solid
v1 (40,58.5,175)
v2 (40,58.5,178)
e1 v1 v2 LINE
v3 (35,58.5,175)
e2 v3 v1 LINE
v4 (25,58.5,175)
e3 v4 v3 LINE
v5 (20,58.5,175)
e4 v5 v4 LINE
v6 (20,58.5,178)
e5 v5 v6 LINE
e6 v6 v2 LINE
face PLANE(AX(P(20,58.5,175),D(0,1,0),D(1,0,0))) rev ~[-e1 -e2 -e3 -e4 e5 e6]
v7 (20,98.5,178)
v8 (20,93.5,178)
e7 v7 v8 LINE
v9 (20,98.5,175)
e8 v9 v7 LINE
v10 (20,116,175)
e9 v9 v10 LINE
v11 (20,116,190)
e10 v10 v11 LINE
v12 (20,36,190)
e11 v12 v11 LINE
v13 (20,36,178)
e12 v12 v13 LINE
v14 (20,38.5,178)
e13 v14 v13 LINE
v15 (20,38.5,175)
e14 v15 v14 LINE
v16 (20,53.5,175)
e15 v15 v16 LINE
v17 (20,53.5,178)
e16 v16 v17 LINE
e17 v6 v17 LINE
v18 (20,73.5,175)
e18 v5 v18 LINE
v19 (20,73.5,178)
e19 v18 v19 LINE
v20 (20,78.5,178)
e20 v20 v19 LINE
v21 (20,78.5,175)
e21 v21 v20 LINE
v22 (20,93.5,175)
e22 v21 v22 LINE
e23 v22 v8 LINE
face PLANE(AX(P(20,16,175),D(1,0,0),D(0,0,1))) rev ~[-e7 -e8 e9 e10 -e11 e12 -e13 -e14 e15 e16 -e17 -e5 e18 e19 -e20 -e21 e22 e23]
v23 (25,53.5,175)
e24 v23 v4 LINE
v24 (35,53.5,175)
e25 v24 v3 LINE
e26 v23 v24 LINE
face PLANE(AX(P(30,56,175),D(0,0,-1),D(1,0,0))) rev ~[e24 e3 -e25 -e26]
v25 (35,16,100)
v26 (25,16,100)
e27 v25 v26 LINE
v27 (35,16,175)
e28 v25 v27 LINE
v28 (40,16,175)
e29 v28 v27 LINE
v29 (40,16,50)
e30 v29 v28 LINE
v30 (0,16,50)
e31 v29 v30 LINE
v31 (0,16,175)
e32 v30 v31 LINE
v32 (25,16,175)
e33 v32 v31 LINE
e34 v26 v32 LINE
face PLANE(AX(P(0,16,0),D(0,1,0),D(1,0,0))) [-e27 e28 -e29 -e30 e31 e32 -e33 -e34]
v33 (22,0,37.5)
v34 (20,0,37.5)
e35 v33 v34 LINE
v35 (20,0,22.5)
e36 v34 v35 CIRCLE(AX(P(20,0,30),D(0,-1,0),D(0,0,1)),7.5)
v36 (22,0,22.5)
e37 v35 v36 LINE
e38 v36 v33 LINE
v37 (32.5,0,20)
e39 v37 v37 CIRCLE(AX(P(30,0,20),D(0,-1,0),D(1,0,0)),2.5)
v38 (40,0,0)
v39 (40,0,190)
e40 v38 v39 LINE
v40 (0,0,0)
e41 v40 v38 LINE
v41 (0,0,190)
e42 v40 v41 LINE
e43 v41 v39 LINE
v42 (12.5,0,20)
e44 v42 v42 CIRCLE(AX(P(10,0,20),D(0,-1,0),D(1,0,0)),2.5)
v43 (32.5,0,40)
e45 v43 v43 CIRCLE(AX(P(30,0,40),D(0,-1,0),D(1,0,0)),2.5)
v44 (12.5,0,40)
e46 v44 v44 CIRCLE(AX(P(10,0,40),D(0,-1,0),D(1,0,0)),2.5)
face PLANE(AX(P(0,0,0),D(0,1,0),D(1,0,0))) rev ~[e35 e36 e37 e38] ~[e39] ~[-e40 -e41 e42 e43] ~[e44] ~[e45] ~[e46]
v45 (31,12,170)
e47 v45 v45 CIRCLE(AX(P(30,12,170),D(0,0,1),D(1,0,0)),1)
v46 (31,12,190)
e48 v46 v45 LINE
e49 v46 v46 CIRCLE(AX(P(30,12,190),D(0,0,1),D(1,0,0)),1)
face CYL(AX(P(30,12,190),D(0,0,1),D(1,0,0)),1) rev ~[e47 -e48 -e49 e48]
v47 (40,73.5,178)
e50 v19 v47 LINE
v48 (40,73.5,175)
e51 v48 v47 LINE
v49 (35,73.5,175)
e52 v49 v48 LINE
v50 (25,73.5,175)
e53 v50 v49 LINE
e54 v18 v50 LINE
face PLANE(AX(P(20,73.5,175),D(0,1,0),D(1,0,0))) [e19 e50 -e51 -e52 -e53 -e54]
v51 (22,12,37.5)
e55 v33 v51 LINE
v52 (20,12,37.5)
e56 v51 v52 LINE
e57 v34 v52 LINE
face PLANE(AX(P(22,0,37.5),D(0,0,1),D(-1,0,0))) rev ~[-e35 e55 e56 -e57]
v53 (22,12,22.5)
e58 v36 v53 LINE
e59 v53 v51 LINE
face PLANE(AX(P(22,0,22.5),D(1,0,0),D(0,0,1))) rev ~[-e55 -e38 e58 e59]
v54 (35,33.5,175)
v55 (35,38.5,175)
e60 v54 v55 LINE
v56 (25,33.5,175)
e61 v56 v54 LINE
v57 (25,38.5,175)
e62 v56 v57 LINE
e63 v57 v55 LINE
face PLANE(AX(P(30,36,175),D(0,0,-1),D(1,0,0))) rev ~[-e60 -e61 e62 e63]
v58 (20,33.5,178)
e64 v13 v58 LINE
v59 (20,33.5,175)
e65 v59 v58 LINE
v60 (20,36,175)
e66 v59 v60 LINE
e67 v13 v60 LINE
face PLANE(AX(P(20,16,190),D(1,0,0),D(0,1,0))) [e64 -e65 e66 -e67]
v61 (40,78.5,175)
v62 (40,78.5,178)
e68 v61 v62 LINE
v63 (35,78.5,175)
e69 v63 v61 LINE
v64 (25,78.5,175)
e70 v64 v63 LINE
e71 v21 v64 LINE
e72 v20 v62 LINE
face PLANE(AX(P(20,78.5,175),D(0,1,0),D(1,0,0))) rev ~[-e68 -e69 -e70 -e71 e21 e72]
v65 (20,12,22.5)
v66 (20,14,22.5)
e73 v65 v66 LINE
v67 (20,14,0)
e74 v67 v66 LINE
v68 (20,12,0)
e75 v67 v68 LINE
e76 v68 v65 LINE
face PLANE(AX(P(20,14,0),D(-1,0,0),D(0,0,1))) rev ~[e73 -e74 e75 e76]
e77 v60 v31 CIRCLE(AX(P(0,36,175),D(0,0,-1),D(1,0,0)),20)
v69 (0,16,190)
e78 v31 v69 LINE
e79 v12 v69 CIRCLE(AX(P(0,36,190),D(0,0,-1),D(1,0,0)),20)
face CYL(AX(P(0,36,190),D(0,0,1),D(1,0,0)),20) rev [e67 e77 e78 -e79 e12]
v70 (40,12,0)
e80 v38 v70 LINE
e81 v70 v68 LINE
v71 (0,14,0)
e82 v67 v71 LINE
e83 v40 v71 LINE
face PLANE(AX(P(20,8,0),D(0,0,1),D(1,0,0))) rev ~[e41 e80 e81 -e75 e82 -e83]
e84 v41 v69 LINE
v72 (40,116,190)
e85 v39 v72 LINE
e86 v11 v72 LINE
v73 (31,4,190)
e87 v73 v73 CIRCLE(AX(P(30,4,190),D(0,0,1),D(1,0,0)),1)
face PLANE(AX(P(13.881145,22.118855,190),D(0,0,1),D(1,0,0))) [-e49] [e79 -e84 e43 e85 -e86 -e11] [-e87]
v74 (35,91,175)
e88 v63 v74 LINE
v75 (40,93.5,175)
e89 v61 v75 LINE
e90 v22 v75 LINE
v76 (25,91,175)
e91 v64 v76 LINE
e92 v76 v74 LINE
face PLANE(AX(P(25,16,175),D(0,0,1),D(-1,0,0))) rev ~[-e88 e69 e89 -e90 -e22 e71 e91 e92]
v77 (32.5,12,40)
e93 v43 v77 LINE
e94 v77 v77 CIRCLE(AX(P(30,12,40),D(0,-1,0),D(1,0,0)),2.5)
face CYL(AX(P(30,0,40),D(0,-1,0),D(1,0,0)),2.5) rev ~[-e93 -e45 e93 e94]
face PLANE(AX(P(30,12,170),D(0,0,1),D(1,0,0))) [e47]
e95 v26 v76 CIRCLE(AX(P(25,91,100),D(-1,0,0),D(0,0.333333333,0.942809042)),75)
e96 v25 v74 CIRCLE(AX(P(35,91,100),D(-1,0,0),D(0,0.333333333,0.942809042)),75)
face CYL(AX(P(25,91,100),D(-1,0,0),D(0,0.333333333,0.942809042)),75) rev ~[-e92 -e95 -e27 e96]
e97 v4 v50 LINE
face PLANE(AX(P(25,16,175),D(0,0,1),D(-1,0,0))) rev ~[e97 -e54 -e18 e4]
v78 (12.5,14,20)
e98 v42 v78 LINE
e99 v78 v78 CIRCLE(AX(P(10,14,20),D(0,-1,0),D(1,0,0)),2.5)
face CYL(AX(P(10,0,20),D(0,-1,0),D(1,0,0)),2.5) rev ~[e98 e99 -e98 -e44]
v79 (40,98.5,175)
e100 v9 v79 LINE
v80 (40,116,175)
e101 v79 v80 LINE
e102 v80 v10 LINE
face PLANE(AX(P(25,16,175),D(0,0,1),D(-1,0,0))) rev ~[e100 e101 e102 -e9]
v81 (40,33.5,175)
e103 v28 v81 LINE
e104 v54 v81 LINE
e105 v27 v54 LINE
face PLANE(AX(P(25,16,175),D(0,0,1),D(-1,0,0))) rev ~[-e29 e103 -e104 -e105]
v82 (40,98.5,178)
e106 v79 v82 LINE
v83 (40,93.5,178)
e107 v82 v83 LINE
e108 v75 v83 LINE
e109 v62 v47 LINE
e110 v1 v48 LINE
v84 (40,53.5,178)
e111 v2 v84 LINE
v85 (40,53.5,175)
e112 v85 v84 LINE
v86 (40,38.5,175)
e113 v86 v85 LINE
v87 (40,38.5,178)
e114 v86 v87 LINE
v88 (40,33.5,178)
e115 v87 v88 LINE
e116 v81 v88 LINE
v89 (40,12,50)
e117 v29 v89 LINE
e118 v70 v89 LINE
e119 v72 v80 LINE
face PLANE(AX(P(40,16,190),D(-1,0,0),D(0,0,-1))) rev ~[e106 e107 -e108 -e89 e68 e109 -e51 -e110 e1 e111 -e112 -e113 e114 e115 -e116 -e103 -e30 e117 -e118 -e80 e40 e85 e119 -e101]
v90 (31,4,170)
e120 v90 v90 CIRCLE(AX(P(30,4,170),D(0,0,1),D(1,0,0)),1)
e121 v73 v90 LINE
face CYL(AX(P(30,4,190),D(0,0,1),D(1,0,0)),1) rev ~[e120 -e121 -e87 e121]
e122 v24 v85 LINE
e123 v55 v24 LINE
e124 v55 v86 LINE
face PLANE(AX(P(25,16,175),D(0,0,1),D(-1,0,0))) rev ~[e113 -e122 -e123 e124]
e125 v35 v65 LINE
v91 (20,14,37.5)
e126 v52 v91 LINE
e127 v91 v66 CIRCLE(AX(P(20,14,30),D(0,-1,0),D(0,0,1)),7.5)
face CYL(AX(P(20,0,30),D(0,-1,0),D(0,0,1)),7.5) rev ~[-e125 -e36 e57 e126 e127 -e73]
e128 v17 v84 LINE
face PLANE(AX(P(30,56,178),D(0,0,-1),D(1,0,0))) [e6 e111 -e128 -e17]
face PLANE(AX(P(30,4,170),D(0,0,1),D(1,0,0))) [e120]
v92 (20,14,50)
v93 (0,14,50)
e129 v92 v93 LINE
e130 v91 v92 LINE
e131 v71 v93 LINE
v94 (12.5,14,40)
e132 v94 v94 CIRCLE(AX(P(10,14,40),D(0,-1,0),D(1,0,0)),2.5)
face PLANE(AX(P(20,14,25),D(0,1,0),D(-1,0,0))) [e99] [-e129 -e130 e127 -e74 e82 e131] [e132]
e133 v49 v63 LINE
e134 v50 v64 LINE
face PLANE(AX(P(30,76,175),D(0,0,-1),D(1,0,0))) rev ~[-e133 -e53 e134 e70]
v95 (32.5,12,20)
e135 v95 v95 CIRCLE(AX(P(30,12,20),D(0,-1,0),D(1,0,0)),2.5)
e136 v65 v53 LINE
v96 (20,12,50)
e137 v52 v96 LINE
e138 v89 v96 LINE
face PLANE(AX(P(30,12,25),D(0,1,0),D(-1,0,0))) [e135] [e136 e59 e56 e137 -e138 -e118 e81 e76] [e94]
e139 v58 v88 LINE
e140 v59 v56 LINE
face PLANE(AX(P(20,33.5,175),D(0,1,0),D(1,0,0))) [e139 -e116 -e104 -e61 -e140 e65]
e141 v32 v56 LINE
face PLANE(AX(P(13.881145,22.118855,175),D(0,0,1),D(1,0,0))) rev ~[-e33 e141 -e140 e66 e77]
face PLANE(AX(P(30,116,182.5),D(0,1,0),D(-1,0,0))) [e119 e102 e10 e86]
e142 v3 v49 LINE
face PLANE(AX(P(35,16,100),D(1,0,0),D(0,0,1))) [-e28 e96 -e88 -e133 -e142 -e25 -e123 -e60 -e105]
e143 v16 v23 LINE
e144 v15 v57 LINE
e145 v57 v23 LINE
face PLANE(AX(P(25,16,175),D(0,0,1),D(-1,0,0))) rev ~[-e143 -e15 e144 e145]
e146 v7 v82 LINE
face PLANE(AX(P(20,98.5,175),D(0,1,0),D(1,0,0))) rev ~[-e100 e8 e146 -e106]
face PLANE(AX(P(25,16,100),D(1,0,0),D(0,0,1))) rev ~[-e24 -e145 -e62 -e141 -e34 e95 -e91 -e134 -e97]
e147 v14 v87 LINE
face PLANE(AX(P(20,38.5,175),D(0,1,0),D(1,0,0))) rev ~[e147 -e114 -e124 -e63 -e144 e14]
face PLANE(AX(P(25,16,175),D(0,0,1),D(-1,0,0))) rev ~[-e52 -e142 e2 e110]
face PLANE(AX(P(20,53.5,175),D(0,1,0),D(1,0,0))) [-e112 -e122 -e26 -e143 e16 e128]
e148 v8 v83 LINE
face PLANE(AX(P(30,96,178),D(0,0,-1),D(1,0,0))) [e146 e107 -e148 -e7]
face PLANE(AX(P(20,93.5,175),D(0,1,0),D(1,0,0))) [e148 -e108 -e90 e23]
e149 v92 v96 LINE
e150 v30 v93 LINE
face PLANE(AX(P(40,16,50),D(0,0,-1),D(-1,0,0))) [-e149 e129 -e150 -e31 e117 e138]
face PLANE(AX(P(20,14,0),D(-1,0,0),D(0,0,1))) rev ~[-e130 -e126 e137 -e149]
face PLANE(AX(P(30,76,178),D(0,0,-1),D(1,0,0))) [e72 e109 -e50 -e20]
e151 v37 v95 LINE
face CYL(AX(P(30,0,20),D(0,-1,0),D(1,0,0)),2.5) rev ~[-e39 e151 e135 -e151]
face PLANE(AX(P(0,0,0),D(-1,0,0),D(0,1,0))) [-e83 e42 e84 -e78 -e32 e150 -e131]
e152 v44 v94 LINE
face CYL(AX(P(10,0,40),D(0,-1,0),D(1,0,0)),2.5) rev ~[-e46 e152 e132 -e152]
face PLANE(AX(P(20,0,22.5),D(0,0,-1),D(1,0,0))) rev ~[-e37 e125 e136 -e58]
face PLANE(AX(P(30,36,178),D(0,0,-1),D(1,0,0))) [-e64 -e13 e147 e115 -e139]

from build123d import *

# Parameters (mm, degrees)
F0_W      = 40
F0_H      = 16
F1_DEPTH  = 190
F2_R      = 2.5
F3_DEPTH  = 20
F4_W      = 40
F4_H      = 50
F5_DEPTH  = 2
F6_W      = 20
F6_H      = 50
F7_DEPTH  = 2
F8_R      = 1
F9_DEPTH  = 20
F10_W     = 10
F10_H     = 75
F11_DEPTH = 100
F13_DEPTH = 10
F14_W     = 20
F14_H     = 5
F15_DEPTH = 3
F17_DEPTH = 15


with BuildPart() as f1:
    # F0 (on Top) → F1 (new body)
    with BuildSketch(Plane.XY):
        with Locations((20, 8)):
            Rectangle(F0_W, F0_H)
    extrude(amount=F1_DEPTH)

    # F2 (on face) → F3 (cut)
    with BuildSketch(Plane.XZ):
        with Locations((10, 40)):
            Circle(F2_R)
        with Locations((30, 40)):
            Circle(F2_R)
        with Locations((10, 20)):
            Circle(F2_R)
        with Locations((30, 20)):
            Circle(F2_R)
        with BuildLine():
            ThreePointArc((20, 37.5), (12.5, 30), (20, 22.5))
            Line((20, 22.5), (22, 22.5))
            Line((22, 22.5), (22, 37.5))
            Line((22, 37.5), (20, 37.5))
        make_face()
    extrude(amount=-F3_DEPTH, mode=Mode.SUBTRACT)

    # F4 (on face) → F5 (cut)
    with BuildSketch(Plane(origin=(0, 16, 0), x_dir=(-1, 0, 0), z_dir=(0, 1, 0))):
        with Locations((-20, 25)):
            Rectangle(F4_W, F4_H)
    extrude(amount=-F5_DEPTH, mode=Mode.SUBTRACT)

    # F6 (on face) → F7 (cut)
    with BuildSketch(Plane(origin=(0, 14, 0), x_dir=(-1, 0, 0), z_dir=(0, 1, 0))):
        with Locations((-30, 25)):
            Rectangle(F6_W, F6_H)
    extrude(amount=-F7_DEPTH, mode=Mode.SUBTRACT)

    # F8 (on face) → F9 (cut)
    with BuildSketch(Plane.XY.offset(190)):
        with Locations((30, 12)):
            Circle(F8_R)
        with Locations((30, 4)):
            Circle(F8_R)
    extrude(amount=-F9_DEPTH, mode=Mode.SUBTRACT)

    # F10 (on face) → F11 (join)
    with BuildSketch(Plane(origin=(0, 16, 0), x_dir=(-1, 0, 0), z_dir=(0, 1, 0))):
        Polygon((-20, 190), (-40, 190), (-40, 175), (-35, 175), (-25, 175), (-20, 175), align=None)
        with Locations((-30, 137.5)):
            Rectangle(F10_W, F10_H)
    extrude(amount=F11_DEPTH)

    # F12 (on face) → F13 (cut)
    with BuildSketch(Plane(origin=(25, 0, 0), x_dir=(0, -1, 0), z_dir=(-1, 0, 0))):
        with BuildLine():
            ThreePointArc((-116, 170.7106781187), (-134.3012701892, 38.7627564304), (-16, 100))
            ThreePointArc((-16, 100), (-37.966991411, 153.033008589), (-91, 175))
            Line((-91, 175), (-91, 100))
            Line((-91, 100), (-116, 100))
            Line((-116, 100), (-116, 170.7106781187))
        make_face()
        with BuildLine():
            Line((-91, 100), (-91, 175))
            ThreePointArc((-91, 175), (-103.6826484044, 173.919891974), (-116, 170.7106781187))
            Line((-116, 170.7106781187), (-116, 100))
            Line((-116, 100), (-91, 100))
        make_face()
        with BuildLine():
            ThreePointArc((-116, 170.7106781187), (-103.6826484044, 173.919891974), (-91, 175))
            Line((-91, 175), (-116, 175))
            Line((-116, 175), (-116, 170.7106781187))
        make_face()
    extrude(amount=-F13_DEPTH, mode=Mode.SUBTRACT)

    # F14 (on face) → F15 (cut)
    with BuildSketch(Plane(origin=(0, 0, 175), x_dir=(1, 0, 0), z_dir=(0, 0, -1))):
        with Locations((30, -96)):
            Rectangle(F14_W, F14_H)
        with Locations((30, -76)):
            Rectangle(F14_W, F14_H)
        with Locations((30, -56)):
            Rectangle(F14_W, F14_H)
        with Locations((30, -36)):
            Rectangle(F14_W, F14_H)
    extrude(amount=-F15_DEPTH, mode=Mode.SUBTRACT)

    # F16 (on face) → F17 (join)
    with BuildSketch(Plane.XY.offset(190)):
        with BuildLine():
            ThreePointArc((20, 36), (14.1421356237, 21.8578643763), (0, 16))
            Line((0, 16), (20, 16))
            Line((20, 16), (20, 36))
        make_face()
    extrude(amount=-F17_DEPTH)


solid = f1.part
